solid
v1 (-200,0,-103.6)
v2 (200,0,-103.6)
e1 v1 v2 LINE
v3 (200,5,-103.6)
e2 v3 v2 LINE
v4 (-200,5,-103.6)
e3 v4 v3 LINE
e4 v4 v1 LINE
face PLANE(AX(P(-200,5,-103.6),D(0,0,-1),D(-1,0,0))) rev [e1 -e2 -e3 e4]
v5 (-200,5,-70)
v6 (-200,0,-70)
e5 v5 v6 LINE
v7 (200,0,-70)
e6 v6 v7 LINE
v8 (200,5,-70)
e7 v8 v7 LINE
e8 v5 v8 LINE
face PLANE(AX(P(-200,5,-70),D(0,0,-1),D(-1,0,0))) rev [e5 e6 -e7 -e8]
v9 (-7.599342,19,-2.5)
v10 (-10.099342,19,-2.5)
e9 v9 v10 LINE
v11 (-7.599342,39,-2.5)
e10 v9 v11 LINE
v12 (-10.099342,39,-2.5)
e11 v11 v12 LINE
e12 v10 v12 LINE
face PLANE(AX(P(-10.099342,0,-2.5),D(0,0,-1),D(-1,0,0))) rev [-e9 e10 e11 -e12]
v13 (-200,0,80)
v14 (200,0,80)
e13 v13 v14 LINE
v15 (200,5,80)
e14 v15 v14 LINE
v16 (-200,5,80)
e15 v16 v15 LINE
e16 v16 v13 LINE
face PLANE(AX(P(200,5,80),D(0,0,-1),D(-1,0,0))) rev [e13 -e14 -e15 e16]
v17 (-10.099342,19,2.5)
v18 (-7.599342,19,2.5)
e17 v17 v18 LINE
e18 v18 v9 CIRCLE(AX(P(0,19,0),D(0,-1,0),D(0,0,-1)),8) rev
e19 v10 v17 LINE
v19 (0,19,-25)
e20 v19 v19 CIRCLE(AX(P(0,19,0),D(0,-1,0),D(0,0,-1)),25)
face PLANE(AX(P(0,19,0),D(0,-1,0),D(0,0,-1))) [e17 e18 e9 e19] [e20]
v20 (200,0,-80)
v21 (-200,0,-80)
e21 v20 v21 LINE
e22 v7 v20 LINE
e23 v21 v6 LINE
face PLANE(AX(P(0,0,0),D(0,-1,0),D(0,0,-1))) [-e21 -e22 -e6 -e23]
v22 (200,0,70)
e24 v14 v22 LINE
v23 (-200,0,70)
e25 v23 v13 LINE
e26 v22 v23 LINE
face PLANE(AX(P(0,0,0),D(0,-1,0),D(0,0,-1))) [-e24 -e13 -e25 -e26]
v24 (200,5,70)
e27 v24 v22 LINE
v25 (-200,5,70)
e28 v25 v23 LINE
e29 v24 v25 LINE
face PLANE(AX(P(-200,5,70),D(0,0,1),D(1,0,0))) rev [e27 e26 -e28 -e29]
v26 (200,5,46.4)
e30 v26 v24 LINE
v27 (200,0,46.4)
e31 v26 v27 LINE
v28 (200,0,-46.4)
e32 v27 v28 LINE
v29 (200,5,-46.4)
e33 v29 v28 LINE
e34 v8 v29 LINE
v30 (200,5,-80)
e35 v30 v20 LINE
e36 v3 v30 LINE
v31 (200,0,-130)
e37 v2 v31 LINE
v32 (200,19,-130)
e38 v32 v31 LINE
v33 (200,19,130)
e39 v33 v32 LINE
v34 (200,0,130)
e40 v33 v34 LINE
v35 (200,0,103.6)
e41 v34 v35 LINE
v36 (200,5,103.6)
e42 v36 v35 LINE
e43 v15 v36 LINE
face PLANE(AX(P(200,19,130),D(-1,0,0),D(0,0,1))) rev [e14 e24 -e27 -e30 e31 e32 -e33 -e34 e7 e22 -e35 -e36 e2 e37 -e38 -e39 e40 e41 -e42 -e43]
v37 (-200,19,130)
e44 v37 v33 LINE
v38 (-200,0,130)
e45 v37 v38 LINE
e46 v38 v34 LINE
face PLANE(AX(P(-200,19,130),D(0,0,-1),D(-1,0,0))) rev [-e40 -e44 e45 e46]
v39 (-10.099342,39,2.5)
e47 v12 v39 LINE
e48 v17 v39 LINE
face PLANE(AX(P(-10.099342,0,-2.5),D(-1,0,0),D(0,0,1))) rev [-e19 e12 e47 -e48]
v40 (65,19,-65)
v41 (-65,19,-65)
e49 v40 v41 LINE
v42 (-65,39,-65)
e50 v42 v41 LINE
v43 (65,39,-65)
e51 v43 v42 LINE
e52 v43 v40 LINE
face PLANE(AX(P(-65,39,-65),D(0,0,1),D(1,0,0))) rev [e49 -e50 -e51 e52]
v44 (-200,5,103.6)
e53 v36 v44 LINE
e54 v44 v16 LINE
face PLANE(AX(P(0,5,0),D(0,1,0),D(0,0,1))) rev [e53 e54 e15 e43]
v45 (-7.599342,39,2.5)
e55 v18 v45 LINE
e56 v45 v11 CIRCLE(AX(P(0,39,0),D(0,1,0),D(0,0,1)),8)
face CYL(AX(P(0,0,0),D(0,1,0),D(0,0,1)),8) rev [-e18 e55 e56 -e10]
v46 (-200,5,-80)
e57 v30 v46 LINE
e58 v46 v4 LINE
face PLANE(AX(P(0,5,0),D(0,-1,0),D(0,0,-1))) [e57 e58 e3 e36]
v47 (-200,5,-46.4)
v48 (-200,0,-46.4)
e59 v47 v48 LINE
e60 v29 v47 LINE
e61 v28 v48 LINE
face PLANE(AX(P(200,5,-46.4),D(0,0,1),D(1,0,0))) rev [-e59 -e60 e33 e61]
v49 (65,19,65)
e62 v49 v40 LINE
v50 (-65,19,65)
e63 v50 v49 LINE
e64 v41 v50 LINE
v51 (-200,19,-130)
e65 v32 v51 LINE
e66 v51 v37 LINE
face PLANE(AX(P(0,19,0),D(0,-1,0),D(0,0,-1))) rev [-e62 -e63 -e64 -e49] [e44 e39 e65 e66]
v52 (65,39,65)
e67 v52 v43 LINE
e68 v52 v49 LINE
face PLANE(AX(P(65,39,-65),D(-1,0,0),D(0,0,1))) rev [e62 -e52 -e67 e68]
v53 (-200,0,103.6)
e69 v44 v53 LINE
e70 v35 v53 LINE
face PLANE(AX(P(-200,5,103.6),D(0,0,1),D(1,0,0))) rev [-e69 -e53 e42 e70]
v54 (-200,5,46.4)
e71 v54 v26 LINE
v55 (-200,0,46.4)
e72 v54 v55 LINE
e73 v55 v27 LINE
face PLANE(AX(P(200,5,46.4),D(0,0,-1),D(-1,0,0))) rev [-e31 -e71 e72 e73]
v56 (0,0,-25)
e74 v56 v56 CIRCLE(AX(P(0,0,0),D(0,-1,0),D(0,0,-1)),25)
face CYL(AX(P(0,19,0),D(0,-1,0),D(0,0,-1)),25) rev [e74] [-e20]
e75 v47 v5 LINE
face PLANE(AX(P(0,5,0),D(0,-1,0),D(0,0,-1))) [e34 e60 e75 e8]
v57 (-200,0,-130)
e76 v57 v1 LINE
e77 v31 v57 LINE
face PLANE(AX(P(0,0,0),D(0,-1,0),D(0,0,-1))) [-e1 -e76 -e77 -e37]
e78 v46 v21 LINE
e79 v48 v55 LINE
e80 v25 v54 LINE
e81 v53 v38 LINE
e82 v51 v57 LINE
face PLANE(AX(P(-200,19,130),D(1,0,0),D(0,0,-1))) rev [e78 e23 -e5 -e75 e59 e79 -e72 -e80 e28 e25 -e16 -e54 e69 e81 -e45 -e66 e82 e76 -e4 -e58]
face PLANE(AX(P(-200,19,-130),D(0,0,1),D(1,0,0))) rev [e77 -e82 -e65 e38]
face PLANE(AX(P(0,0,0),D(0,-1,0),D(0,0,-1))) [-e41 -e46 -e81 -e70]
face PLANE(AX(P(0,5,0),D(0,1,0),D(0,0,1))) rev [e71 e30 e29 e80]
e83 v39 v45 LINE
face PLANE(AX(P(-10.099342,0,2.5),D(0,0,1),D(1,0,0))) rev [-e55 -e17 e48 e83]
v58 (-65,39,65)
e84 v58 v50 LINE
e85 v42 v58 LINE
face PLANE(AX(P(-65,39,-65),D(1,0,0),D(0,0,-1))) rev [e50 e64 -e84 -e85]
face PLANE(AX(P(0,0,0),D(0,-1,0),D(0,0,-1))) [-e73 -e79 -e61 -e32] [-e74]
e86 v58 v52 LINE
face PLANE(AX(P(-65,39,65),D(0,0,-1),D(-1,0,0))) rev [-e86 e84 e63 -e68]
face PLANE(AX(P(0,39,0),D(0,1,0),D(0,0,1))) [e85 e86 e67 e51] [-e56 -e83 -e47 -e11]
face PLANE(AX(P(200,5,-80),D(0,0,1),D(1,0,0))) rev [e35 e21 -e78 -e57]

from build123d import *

# Parameters (mm, degrees)
SKETCH1_W           = 400
SKETCH1_H           = 260
BOSS_EXTRUDE1_DEPTH = 19
SKETCH2_W           = 400
SKETCH2_H           = 23.6
CUT_EXTRUDE1_DEPTH  = 5
SKETCH4_W           = 130
SKETCH4_H           = 130
BOSS_EXTRUDE4_DEPTH = 20
SKETCH5_R           = 8
CUT_EXTRUDE2_DEPTH  = 242.704364876
SKETCH6_W           = 2.5
SKETCH6_H           = 5
CUT_EXTRUDE4_DEPTH  = 242.704364876
SKETCH7_R           = 25
CUT_EXTRUDE5_DEPTH  = 19


with BuildPart() as part:
    # Sketch1 → Boss-Extrude1 (new body)
    with BuildSketch(Plane(origin=(0, 0, 0), x_dir=(1, 0, 0), z_dir=(0, 1, 0))):
        Rectangle(SKETCH1_W, SKETCH1_H)
    extrude(amount=BOSS_EXTRUDE1_DEPTH)

    # Sketch2 → Cut-Extrude1 (cut)
    with BuildSketch(Plane.XZ):
        with Locations((0, 91.8)):
            Rectangle(SKETCH2_W, SKETCH2_H)
        with Locations((0, 58.2)):
            Rectangle(SKETCH2_W, SKETCH2_H)
        with Locations((0, -58.2)):
            Rectangle(SKETCH2_W, SKETCH2_H)
        with Locations((0, -91.8)):
            Rectangle(SKETCH2_W, SKETCH2_H)
    extrude(amount=-CUT_EXTRUDE1_DEPTH, mode=Mode.SUBTRACT)

    # Sketch4 → Boss-Extrude4 (add)
    with BuildSketch(Plane(origin=(0, 19, 0), x_dir=(1, 0, 0), z_dir=(0, 1, 0))):
        Rectangle(SKETCH4_W, SKETCH4_H)
    extrude(amount=BOSS_EXTRUDE4_DEPTH)

    # Sketch5 → Cut-Extrude2 (cut, through all)
    with BuildSketch(Plane(origin=(0, 39, 0), x_dir=(1, 0, 0), z_dir=(0, 1, 0))):
        with Locations(Location((0, 0, 0), (0, 0, 270))):
            Circle(SKETCH5_R)
    extrude(amount=-CUT_EXTRUDE2_DEPTH, mode=Mode.SUBTRACT)

    # Sketch6 → Cut-Extrude4 (cut, through all)
    with BuildSketch(Plane(origin=(0, 39, 0), x_dir=(1, 0, 0), z_dir=(0, 1, 0))):
        with Locations((-8.849342077, 0)):
            Rectangle(SKETCH6_W, SKETCH6_H)
    extrude(amount=-CUT_EXTRUDE4_DEPTH, mode=Mode.SUBTRACT)

    # Sketch7 → Cut-Extrude5 (cut)
    with BuildSketch(Plane.XZ):
        with Locations(Location((0, 0, 0), (0, 0, 270))):
            Circle(SKETCH7_R)
    extrude(amount=-CUT_EXTRUDE5_DEPTH, mode=Mode.SUBTRACT)


solid = part.part
